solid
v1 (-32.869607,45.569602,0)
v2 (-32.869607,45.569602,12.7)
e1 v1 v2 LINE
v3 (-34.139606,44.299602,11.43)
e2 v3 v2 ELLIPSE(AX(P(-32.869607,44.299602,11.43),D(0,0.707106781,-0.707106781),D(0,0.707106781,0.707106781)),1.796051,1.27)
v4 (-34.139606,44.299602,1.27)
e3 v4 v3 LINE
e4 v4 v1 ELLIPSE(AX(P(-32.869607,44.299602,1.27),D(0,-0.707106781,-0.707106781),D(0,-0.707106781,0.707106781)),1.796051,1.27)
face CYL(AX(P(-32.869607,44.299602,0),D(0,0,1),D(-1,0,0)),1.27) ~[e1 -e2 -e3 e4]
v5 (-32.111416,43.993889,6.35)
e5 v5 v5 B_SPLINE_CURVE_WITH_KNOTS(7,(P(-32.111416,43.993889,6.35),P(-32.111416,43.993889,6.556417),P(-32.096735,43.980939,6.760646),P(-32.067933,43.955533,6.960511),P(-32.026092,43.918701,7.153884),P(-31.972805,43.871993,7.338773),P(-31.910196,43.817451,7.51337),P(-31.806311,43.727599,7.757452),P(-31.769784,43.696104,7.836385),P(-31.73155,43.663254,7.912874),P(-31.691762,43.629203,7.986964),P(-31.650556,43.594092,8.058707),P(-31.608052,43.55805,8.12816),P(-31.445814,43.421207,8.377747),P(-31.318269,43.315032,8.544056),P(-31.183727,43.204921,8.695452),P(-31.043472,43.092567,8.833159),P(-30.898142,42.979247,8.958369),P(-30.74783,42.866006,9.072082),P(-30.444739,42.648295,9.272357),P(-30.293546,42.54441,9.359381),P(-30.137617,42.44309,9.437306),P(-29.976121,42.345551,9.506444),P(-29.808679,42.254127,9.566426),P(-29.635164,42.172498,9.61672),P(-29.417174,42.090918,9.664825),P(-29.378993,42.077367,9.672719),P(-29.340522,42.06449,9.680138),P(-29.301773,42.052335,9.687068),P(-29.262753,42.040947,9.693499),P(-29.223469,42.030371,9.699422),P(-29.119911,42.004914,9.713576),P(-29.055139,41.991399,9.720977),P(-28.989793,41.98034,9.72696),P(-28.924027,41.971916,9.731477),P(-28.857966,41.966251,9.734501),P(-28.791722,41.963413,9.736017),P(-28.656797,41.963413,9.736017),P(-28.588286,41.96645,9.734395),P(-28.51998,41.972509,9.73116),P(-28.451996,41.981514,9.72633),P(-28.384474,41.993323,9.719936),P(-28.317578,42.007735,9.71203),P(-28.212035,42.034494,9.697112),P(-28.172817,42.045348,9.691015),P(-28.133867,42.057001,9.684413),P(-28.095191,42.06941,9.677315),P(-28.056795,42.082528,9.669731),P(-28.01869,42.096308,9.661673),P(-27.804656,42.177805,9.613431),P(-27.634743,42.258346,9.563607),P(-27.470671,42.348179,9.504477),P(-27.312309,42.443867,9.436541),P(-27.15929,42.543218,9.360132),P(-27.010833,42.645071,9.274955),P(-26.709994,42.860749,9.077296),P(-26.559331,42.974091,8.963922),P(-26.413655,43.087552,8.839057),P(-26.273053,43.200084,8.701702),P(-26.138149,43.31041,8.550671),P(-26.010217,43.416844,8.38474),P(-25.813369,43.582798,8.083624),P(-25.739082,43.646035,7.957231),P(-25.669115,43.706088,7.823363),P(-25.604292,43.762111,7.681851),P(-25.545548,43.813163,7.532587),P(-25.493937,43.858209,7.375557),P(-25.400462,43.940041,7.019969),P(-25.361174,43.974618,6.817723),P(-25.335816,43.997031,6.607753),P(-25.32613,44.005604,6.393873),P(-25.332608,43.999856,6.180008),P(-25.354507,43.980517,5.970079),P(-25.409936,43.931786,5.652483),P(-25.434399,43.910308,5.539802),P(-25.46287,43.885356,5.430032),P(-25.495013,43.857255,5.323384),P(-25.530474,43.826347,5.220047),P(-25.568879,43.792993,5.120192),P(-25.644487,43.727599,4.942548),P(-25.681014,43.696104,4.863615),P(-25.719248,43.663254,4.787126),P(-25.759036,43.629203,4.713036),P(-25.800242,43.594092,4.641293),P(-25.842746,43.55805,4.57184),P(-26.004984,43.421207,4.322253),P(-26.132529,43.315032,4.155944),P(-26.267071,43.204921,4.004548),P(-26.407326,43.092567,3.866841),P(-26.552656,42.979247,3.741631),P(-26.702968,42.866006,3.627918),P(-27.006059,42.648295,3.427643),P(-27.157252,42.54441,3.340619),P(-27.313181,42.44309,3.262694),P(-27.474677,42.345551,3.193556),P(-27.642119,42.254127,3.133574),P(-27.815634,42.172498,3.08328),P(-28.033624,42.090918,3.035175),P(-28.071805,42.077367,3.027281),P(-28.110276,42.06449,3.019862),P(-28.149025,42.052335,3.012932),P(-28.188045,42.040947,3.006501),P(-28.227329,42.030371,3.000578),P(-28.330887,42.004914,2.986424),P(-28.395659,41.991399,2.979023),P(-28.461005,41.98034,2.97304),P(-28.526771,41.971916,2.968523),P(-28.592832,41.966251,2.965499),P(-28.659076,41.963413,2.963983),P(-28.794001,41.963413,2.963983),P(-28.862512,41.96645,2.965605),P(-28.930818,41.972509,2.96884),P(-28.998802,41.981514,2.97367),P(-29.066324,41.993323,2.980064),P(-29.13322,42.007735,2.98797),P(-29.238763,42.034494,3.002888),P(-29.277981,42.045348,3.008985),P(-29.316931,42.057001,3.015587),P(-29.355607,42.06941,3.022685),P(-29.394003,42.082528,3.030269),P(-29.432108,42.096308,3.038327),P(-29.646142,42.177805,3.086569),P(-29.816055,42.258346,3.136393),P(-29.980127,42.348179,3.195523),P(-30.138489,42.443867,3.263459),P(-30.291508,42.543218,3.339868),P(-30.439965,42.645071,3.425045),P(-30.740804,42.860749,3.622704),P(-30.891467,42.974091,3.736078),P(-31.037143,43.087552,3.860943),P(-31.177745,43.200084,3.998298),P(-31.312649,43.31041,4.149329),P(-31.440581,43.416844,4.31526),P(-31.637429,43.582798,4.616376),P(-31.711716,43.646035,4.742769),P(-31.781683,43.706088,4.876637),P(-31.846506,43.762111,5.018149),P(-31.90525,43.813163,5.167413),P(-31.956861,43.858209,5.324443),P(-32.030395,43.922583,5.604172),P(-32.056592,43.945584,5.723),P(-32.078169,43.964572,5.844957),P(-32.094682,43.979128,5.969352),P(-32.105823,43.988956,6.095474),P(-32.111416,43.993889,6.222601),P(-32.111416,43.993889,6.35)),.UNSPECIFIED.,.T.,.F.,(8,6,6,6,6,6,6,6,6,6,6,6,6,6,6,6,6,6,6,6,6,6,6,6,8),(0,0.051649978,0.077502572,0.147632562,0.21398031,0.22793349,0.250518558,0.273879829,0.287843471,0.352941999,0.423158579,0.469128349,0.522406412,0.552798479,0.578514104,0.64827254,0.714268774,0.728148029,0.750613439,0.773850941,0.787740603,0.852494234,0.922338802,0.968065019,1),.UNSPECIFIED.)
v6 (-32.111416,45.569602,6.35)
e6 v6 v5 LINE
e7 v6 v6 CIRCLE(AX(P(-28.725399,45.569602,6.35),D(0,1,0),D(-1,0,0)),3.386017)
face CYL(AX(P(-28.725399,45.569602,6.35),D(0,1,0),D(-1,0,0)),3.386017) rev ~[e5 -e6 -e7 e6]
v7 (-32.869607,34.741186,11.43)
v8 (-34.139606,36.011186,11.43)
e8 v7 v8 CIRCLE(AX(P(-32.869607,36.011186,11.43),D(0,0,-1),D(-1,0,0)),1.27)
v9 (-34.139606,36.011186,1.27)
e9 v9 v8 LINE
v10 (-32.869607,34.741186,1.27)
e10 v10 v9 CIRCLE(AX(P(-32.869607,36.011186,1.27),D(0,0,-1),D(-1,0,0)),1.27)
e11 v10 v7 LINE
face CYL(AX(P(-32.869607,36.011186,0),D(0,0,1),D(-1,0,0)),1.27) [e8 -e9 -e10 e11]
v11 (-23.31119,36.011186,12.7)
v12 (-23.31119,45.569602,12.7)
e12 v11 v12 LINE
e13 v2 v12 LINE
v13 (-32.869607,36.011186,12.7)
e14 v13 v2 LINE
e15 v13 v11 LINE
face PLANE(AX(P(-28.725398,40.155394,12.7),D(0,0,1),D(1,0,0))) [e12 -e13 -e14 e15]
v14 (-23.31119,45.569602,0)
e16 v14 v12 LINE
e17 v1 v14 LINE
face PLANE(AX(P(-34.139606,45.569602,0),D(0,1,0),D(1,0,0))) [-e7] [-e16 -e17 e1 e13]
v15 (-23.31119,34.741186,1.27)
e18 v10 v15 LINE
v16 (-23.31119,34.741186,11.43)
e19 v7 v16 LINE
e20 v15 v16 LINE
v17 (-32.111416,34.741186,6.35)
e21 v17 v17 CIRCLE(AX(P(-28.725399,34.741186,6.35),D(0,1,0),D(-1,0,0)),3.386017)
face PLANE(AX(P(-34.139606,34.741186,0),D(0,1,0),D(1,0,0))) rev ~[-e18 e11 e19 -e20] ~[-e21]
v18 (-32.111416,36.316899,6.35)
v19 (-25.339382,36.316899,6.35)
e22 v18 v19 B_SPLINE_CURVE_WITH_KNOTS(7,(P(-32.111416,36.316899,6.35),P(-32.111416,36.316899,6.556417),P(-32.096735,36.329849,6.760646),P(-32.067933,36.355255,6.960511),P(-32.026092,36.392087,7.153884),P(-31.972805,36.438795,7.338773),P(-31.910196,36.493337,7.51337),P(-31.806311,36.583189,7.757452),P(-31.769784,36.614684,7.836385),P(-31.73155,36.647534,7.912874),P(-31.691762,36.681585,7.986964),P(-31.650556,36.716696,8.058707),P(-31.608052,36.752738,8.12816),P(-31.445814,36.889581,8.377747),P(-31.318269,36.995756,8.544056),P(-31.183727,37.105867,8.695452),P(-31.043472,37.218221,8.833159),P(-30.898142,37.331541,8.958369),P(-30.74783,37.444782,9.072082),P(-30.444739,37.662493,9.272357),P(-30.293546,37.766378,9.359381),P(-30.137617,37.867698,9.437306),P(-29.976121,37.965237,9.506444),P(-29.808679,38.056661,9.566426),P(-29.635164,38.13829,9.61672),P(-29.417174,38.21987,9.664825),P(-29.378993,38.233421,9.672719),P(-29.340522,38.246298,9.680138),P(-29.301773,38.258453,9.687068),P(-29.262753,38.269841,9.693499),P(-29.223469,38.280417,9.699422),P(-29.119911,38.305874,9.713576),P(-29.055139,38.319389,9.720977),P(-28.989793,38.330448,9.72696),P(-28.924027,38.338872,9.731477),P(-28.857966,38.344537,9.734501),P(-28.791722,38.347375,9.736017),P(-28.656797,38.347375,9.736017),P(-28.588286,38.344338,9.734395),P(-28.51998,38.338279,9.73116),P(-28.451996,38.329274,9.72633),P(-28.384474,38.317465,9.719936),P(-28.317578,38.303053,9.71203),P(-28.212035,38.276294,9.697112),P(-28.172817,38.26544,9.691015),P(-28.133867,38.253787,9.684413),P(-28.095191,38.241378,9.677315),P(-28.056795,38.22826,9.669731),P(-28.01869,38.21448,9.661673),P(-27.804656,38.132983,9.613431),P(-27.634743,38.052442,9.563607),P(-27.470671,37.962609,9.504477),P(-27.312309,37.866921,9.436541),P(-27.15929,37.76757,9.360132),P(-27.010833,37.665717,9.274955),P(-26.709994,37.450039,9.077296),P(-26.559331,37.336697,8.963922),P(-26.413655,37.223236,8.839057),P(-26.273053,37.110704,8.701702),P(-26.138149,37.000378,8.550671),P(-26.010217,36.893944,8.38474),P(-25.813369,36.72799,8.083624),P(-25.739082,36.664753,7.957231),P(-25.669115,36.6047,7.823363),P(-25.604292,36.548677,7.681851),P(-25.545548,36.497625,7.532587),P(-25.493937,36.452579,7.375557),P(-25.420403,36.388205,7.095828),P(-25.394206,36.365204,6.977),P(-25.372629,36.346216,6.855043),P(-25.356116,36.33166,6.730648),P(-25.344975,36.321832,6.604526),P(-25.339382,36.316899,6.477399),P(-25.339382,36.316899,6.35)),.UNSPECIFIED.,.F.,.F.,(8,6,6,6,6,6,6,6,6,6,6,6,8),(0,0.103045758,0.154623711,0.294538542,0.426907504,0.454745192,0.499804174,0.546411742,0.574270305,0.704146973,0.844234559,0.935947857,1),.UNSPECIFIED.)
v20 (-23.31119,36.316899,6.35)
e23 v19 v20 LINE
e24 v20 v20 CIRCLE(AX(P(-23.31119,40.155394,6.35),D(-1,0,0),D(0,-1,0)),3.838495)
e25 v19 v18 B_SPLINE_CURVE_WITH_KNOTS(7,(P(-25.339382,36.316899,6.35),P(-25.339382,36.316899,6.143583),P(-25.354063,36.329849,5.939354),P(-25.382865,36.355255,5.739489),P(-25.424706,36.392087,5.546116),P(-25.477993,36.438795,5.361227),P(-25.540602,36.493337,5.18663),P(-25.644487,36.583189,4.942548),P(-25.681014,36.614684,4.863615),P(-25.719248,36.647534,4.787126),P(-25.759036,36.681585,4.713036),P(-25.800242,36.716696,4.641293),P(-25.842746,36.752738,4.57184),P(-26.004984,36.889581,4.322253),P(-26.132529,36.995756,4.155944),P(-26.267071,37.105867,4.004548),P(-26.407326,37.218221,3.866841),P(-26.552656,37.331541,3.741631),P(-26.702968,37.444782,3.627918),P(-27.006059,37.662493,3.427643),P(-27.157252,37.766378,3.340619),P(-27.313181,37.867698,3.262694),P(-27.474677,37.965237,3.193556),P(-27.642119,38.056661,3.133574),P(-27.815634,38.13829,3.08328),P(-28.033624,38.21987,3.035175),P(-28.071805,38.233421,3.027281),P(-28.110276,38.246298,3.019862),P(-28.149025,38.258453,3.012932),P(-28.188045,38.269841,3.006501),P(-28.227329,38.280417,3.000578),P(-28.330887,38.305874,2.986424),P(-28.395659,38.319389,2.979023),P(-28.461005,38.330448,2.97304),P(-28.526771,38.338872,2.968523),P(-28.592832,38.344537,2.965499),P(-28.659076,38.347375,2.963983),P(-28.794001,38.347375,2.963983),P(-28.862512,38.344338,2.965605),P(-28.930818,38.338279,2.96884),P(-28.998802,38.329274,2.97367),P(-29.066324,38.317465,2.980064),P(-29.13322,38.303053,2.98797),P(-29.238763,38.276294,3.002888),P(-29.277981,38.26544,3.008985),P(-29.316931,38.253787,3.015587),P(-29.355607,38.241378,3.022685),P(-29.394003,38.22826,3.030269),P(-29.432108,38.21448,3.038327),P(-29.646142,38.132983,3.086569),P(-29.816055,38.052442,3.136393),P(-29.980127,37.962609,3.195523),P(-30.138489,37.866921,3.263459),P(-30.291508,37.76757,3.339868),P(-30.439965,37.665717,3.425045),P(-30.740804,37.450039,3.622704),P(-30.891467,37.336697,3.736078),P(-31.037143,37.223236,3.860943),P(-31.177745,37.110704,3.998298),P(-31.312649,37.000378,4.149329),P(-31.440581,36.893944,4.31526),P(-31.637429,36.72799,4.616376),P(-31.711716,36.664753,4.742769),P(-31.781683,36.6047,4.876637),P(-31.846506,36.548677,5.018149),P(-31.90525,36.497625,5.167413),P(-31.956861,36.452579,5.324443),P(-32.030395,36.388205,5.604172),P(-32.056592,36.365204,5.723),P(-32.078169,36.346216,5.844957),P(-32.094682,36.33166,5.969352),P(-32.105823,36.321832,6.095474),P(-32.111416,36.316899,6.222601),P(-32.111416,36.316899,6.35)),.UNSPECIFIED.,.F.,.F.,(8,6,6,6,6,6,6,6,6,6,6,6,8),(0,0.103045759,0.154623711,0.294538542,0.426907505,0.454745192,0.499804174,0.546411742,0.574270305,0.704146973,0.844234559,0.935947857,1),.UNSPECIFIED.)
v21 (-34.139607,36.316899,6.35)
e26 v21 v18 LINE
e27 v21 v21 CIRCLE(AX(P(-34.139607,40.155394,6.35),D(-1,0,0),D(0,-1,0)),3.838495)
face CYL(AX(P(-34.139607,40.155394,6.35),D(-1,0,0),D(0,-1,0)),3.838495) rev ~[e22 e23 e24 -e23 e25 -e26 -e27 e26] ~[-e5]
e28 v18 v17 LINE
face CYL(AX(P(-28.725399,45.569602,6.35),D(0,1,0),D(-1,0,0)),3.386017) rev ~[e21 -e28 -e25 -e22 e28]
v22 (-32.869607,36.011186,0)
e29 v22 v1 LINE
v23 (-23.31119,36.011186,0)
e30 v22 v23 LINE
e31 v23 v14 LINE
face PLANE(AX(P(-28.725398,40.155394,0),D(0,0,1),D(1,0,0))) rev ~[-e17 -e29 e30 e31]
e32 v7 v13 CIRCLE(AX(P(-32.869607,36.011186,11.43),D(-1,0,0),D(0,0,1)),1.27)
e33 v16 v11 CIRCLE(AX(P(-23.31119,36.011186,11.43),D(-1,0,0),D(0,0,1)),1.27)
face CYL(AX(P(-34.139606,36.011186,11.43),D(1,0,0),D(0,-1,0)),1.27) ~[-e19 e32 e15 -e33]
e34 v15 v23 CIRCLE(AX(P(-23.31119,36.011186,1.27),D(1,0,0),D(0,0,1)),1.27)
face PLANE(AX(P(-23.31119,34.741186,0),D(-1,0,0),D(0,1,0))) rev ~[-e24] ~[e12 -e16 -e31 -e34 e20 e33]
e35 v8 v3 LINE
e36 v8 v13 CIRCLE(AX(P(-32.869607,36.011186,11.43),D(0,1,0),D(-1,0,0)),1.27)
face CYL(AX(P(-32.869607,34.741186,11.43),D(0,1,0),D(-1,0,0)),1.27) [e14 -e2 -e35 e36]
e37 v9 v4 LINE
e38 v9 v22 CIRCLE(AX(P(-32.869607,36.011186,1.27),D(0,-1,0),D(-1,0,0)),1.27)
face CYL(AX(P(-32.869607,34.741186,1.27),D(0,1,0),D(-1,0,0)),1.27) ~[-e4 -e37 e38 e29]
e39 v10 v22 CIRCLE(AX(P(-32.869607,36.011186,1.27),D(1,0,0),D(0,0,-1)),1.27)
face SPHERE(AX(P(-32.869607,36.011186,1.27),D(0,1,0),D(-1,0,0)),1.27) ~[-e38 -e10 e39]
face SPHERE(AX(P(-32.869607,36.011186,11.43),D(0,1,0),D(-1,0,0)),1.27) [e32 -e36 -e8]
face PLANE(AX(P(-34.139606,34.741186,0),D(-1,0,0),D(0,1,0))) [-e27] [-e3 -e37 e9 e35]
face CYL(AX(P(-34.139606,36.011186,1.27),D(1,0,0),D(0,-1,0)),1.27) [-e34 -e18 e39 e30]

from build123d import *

# Parameters (mm, degrees)
F0_W     = 10.828417
F0_H     = 10.828416
F1_DEPTH = 12.7
F2_R     = 3.838495
F3_DEPTH = 25.4
F4_R     = 3.386017
F5_DEPTH = 25.4
F6_R     = 1.27


with BuildPart() as f1:
    # F0 (on Top) → F1 (new body)
    with BuildSketch(Plane.XY):
        with Locations((-28.725398, 40.155394)):
            Rectangle(F0_W, F0_H)
    extrude(amount=F1_DEPTH)

    # F2 (on face) → F3 (cut)
    with BuildSketch(Plane(origin=(-34.139607, 0, 0), x_dir=(0, -1, 0), z_dir=(-1, 0, 0))):
        with Locations((-40.155394, 6.35)):
            Circle(F2_R)
    extrude(amount=-F3_DEPTH, mode=Mode.SUBTRACT)

    # F4 (on face) → F5 (cut)
    with BuildSketch(Plane(origin=(0, 45.569602, 0), x_dir=(-1, 0, 0), z_dir=(0, 1, 0))):
        with Locations((28.725399, 6.35)):
            Circle(F4_R)
    extrude(amount=-F5_DEPTH, mode=Mode.SUBTRACT)

    # F6
    f6_edges = [f1.edges().sort_by_distance(p)[0] for p in [
        (-34.139607, 40.155394, 12.7),
        (-34.139607, 45.569602, 6.35),
        (-34.139607, 40.155394, 0),
        (-34.139607, 34.741186, 6.35),
        (-28.725399, 34.741186, 12.7),
        (-28.725399, 34.741186, 0),
    ]]
    fillet(f6_edges, radius=F6_R)


solid = f1.part
